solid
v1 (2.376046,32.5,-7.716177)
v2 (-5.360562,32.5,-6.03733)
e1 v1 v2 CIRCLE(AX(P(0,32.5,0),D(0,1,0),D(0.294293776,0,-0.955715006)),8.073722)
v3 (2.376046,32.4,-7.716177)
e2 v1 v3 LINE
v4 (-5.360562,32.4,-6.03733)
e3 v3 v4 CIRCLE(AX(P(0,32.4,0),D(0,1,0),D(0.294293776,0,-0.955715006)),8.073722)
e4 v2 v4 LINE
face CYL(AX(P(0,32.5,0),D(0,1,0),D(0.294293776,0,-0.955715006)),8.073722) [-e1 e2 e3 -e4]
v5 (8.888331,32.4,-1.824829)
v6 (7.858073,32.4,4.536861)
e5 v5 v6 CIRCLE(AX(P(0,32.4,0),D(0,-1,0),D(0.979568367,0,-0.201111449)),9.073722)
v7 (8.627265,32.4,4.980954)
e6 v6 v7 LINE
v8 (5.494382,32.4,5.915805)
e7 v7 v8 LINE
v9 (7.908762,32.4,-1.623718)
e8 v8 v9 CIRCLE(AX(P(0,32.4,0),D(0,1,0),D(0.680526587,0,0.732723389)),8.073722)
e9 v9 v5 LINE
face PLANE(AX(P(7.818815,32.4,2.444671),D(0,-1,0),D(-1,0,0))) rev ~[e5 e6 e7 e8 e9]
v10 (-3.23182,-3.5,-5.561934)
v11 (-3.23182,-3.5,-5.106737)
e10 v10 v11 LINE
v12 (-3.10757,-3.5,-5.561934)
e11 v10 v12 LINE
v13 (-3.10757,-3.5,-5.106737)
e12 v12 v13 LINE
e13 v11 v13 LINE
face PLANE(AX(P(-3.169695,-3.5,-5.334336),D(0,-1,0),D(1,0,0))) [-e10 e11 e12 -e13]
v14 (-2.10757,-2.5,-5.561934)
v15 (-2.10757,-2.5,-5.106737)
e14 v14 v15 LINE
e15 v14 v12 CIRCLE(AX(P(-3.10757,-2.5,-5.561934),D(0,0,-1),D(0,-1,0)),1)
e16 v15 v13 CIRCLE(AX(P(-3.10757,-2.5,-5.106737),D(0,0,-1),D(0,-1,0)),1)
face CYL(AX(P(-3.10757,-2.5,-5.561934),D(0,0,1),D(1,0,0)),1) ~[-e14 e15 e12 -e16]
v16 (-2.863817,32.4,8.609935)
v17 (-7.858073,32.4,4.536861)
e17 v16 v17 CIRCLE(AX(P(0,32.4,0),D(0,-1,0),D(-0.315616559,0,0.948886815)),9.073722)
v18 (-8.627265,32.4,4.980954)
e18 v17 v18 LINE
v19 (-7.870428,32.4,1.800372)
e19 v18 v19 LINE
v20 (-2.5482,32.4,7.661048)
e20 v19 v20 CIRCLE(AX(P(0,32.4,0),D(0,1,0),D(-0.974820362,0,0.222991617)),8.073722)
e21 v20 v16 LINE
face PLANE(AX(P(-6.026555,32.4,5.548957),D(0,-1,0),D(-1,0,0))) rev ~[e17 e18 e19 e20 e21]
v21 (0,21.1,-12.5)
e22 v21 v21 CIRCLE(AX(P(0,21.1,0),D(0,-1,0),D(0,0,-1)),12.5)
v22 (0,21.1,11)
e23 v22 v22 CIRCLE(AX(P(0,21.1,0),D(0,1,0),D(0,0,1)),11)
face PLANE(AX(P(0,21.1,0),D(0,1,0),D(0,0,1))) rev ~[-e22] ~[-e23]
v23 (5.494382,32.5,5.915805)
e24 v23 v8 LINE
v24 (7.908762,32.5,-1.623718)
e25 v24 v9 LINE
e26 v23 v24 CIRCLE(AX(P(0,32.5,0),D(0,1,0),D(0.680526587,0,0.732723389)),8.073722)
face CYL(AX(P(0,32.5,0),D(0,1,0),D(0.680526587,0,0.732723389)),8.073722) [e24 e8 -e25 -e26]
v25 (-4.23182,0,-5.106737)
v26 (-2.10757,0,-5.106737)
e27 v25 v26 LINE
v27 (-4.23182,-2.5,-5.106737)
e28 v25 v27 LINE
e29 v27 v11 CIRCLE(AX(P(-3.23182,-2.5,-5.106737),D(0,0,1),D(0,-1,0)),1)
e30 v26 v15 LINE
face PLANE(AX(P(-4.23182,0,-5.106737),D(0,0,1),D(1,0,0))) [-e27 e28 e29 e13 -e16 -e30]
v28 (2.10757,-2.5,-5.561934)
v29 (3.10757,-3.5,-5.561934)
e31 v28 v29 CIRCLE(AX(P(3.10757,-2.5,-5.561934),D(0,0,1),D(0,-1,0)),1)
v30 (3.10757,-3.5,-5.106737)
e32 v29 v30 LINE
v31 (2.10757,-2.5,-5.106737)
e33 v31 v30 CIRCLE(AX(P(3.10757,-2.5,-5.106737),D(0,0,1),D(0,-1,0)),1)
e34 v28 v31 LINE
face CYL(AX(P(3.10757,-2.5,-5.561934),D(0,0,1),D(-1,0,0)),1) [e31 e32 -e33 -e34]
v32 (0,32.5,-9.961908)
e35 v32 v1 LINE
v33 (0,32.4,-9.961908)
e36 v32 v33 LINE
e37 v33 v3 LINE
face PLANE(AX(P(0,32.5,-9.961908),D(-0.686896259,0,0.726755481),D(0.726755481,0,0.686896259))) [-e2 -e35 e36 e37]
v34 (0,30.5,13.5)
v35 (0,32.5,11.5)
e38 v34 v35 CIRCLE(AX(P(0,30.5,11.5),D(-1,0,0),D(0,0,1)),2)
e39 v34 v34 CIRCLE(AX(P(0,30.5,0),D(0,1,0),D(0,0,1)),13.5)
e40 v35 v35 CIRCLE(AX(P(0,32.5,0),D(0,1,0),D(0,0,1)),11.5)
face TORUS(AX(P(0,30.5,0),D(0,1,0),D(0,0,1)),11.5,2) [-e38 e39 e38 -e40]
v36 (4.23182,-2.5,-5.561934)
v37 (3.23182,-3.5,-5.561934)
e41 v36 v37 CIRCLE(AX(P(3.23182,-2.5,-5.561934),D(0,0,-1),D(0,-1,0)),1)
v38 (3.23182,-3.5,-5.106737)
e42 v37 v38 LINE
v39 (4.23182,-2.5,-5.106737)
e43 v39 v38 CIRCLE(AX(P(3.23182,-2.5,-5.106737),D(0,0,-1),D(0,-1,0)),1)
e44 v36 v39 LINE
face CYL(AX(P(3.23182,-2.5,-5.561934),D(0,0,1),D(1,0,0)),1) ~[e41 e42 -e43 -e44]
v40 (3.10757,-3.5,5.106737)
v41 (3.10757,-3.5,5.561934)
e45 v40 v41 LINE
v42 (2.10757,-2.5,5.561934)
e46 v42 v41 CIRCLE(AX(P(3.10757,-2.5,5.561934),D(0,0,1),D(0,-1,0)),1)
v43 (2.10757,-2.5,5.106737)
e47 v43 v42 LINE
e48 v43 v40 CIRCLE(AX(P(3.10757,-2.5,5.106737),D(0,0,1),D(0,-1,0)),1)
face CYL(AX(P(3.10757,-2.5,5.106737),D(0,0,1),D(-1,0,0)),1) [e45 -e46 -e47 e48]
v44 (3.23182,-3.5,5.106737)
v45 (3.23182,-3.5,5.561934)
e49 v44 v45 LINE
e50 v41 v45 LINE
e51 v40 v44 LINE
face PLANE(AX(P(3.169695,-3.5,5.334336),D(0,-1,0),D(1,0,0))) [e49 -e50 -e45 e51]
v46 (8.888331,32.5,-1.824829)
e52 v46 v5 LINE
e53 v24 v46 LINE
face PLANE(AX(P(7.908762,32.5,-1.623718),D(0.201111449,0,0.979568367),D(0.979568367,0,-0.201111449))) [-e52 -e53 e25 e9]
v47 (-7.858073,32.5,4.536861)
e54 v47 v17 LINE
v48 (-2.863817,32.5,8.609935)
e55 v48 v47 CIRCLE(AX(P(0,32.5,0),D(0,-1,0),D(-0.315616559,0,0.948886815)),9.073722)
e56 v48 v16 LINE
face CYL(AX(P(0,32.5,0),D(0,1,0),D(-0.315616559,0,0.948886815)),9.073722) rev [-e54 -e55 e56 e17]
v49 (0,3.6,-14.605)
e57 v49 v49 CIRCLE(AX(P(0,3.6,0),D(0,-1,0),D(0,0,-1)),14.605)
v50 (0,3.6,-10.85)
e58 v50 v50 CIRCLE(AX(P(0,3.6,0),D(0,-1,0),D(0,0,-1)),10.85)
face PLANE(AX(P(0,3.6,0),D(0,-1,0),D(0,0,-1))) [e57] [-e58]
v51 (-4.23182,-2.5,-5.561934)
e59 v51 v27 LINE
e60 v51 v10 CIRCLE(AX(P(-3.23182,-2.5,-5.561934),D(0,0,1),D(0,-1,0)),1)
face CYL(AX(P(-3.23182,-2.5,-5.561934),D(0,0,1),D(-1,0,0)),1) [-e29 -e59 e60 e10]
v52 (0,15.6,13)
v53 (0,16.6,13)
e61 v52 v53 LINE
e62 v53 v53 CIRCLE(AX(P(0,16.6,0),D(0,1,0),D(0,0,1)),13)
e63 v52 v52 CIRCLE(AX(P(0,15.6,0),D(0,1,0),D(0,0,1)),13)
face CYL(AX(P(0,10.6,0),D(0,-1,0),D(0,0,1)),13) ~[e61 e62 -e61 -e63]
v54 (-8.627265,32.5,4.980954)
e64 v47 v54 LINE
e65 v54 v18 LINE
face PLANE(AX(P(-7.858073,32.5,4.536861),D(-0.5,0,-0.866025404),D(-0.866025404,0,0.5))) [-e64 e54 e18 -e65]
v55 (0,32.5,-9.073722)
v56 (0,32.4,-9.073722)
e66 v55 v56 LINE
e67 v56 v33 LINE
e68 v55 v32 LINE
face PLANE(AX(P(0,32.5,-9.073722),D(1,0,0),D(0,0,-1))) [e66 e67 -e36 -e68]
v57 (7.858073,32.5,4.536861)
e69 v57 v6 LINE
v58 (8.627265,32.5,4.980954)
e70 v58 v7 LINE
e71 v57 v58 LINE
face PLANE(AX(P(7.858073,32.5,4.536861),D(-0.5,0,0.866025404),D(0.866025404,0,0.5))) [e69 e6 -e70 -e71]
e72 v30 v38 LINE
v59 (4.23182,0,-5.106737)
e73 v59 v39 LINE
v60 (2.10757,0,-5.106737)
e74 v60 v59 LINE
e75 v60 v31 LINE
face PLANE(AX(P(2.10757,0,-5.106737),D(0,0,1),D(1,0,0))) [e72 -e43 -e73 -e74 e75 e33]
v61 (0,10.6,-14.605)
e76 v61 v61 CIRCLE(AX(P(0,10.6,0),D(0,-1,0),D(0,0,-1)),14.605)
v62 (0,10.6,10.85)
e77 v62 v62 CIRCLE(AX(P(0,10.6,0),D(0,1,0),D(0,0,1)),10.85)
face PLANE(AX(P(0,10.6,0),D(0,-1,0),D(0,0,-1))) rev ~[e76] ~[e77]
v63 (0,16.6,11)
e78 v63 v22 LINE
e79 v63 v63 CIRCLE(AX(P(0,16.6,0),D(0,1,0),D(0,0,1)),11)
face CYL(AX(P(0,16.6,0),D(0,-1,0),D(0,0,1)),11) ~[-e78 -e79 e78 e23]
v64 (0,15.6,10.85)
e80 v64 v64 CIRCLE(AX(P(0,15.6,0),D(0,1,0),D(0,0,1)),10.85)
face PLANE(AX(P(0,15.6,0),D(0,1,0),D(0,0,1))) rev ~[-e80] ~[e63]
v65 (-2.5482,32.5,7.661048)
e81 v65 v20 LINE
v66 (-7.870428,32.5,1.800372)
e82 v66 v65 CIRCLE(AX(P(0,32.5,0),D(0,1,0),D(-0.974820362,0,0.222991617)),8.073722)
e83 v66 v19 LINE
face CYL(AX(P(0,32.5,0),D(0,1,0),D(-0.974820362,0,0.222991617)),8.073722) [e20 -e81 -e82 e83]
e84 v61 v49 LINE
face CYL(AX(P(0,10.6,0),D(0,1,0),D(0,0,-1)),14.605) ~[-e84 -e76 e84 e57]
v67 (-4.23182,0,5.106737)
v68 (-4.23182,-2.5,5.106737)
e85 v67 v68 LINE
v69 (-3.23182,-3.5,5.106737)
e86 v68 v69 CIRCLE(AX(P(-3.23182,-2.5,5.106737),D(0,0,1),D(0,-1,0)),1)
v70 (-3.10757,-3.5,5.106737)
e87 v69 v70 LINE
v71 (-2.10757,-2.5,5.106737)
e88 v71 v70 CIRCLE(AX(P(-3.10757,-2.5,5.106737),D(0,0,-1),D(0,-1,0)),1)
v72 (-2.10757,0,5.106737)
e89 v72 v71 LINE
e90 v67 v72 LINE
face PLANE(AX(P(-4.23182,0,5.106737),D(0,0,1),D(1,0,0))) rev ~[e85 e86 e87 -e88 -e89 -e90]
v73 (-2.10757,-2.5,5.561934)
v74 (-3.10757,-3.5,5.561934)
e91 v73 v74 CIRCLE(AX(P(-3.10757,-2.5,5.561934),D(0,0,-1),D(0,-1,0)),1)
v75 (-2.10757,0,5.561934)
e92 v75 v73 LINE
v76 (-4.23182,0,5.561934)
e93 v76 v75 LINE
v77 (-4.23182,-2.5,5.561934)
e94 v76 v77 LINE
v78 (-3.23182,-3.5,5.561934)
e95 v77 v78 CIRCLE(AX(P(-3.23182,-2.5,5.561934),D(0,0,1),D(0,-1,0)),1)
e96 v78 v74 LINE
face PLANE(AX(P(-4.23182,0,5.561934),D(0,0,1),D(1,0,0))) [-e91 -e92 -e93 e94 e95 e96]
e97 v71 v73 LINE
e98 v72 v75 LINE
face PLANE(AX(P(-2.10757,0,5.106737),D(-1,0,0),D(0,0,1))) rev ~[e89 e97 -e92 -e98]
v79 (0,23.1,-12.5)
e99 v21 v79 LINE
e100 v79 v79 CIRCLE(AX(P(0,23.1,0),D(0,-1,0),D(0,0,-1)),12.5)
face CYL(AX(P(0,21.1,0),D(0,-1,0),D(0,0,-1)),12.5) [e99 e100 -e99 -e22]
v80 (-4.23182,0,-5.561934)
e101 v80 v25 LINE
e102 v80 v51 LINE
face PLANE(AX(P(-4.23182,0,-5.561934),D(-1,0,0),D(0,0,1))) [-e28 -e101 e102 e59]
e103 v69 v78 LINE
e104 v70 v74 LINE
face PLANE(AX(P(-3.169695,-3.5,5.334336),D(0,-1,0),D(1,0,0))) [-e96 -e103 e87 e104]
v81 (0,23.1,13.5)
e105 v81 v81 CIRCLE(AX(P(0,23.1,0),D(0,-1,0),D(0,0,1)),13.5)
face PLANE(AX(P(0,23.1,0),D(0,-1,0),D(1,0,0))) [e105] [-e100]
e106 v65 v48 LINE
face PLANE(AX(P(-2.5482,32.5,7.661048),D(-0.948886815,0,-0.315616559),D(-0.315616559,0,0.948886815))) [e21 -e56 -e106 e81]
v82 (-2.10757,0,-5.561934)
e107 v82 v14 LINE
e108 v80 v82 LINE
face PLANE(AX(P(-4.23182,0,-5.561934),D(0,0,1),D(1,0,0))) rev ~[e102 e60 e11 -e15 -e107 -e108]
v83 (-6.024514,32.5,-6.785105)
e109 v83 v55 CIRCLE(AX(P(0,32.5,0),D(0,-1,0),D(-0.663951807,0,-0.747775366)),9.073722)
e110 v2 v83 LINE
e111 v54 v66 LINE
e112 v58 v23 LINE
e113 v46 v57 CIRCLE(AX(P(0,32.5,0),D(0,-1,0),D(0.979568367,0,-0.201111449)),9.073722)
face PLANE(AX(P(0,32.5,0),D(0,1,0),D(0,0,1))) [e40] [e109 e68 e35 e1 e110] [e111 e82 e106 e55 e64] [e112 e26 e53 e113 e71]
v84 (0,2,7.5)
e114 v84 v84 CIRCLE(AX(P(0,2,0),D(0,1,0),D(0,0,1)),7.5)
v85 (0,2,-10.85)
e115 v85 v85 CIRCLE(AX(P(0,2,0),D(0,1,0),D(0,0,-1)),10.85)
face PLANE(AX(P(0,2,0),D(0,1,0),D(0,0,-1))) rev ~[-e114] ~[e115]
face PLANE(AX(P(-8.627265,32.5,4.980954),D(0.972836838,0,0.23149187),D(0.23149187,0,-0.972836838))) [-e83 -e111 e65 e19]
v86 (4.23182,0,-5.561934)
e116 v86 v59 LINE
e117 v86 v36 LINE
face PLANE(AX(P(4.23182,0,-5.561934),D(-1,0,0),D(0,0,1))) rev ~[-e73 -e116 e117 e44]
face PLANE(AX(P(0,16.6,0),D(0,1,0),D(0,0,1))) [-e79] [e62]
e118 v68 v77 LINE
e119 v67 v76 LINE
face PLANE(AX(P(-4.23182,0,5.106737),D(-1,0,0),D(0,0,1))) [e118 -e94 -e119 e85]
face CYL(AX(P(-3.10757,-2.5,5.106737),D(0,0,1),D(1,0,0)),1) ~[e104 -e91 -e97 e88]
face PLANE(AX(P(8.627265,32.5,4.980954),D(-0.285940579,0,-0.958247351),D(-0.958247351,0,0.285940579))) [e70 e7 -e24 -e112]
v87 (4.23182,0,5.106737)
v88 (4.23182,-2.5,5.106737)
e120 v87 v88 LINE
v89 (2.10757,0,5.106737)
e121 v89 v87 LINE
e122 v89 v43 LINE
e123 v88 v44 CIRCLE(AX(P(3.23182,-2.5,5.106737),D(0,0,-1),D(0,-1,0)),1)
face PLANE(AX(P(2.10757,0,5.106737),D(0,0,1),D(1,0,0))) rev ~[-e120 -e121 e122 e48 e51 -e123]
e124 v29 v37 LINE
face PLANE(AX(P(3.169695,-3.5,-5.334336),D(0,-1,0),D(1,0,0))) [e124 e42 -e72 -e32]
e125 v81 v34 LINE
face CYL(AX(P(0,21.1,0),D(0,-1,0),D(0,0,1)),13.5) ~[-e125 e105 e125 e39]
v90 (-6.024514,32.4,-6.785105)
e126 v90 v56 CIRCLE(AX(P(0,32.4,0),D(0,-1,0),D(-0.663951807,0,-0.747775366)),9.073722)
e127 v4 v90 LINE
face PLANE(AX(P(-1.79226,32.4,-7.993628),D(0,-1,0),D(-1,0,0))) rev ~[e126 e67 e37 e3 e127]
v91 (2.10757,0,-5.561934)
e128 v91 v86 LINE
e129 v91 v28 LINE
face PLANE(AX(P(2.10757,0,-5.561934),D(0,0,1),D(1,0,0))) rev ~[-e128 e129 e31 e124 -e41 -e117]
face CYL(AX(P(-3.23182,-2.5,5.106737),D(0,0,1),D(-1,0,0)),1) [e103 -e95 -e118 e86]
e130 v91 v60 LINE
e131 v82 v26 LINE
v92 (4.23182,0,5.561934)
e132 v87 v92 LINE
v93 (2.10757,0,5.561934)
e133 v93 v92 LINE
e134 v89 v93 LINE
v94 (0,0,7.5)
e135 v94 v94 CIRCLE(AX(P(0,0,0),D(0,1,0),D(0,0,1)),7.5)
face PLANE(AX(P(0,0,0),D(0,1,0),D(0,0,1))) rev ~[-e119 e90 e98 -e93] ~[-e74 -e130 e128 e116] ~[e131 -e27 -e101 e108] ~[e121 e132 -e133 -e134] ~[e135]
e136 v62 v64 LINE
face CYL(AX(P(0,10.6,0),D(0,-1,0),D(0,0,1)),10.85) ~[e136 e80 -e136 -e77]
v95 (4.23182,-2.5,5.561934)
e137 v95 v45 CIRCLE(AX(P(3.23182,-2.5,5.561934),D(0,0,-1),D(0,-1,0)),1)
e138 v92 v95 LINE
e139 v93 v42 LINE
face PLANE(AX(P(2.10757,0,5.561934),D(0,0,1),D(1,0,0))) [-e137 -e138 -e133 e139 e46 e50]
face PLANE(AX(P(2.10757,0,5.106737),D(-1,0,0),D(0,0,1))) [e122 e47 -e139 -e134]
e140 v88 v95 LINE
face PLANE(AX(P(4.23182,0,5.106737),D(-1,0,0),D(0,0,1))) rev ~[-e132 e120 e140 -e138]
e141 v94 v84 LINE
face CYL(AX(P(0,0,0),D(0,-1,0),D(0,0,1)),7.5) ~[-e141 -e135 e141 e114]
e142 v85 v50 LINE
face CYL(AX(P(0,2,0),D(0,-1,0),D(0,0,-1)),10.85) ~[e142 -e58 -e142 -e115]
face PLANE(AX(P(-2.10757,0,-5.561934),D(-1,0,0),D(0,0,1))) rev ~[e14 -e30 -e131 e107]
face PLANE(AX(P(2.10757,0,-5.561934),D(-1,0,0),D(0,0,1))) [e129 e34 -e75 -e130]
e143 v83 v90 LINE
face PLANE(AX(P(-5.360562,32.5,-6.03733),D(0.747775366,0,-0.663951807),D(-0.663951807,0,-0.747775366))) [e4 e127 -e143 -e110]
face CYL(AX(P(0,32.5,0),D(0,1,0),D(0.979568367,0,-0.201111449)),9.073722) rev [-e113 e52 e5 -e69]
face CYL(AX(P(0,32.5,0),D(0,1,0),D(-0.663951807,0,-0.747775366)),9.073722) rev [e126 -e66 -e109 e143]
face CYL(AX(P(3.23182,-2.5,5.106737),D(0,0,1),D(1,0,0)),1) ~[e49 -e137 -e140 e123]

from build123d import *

# Parameters (mm, degrees)
SKETCH_1_R          = 7.5
EXTRUDE_1_DEPTH     = 2
SKETCH_2_W          = 2.124250946
SKETCH_2_H          = 0.455196631
EXTRUDE_2_DEPTH     = 3.5
FILLET_1_R          = 1
SKETCH_4_R          = 10.85
EXTRUDE_3_DEPTH     = 8.6
SKETCH_5_R          = 13
EXTRUDE_4_DEPTH     = 6
SKETCH_7_R          = 11
EXTRUDE_6_DEPTH     = 4.5
SKETCH_8_R          = 13.5
EXTRUDE_7_DEPTH     = 11.4
FILLET_5_R          = 2
SKETCH_9_OUTSIDE_W  = 39.496
SKETCH_9_OUTSIDE_H  = 39.496
SKETCH_9_OUTSIDE_R  = 12.5
CUT_EXTRUDE_1_DEPTH = 2
CUT_EXTRUDE_2_DEPTH = 0.1
SKETCH_11_R         = 14.605
EXTRUDE_8_DEPTH     = 7
SKETCH_12_R         = 13
SKETCH_12_R_2       = 10.85
CUT_EXTRUDE_3_DEPTH = 5


with BuildPart() as part:
    # 草图1 → 凸台-拉伸1 (new body)
    with BuildSketch(Plane(origin=(0, 0, 0), x_dir=(1, 0, 0), z_dir=(0, 1, 0))):
        with Locations(Location((0, 0, 0), (0, 0, 270))):
            Circle(SKETCH_1_R)
    extrude(amount=EXTRUDE_1_DEPTH)

    # 草图2 → 凸台-拉伸2 (add)
    with BuildSketch(Plane.XZ):
        with Locations((-3.169695017, 5.334335524)):
            Rectangle(SKETCH_2_W, SKETCH_2_H)
        with Locations((3.169695017, 5.334335524)):
            Rectangle(SKETCH_2_W, SKETCH_2_H)
        with Locations((3.169695017, -5.334335524)):
            Rectangle(SKETCH_2_W, SKETCH_2_H)
        with Locations((-3.169695017, -5.334335524)):
            Rectangle(SKETCH_2_W, SKETCH_2_H)
    extrude(amount=EXTRUDE_2_DEPTH)

    # 圆角1
    fillet_1_edges = [part.edges().sort_by_distance(p)[0] for p in [
        (4.23182049, -3.5, 5.334335524),
        (2.107569544, -3.5, 5.334335524),
        (4.23182049, -3.5, -5.334335524),
        (2.107569544, -3.5, -5.334335524),
        (-4.23182049, -3.5, -5.334335524),
        (-2.107569544, -3.5, -5.334335524),
        (-2.107569544, -3.5, 5.334335524),
        (-4.23182049, -3.5, 5.334335524),
    ]]
    fillet(fillet_1_edges, radius=FILLET_1_R)

    # 草图4 → 凸台-拉伸3 (add)
    with BuildSketch(Plane(origin=(0, 2, 0), x_dir=(1, 0, 0), z_dir=(0, 1, 0))):
        with Locations(Location((0, 0, 0), (0, 0, 90))):
            Circle(SKETCH_4_R)
    extrude(amount=EXTRUDE_3_DEPTH)

    # 草图5 → 凸台-拉伸4 (add)
    with BuildSketch(Plane(origin=(0, 10.6, 0), x_dir=(1, 0, 0), z_dir=(0, 1, 0))):
        with Locations(Location((0, 0, 0), (0, 0, 270))):
            Circle(SKETCH_5_R)
    extrude(amount=EXTRUDE_4_DEPTH)

    # 草图7 → 凸台-拉伸6 (add)
    with BuildSketch(Plane(origin=(0, 16.6, 0), x_dir=(1, 0, 0), z_dir=(0, 1, 0))):
        with Locations(Location((0, 0, 0), (0, 0, 270))):
            Circle(SKETCH_7_R)
    extrude(amount=EXTRUDE_6_DEPTH)

    # 草图8 → 凸台-拉伸7 (add)
    with BuildSketch(Plane(origin=(0, 21.1, 0), x_dir=(1, 0, 0), z_dir=(0, 1, 0))):
        with Locations(Location((0, 0, 0), (0, 0, 270))):
            Circle(SKETCH_8_R)
    extrude(amount=EXTRUDE_7_DEPTH)

    # 圆角5
    fillet_5_edges = [part.edges().sort_by_distance(p)[0] for p in [
        (0, 32.5, -13.5),
    ]]
    fillet(fillet_5_edges, radius=FILLET_5_R)

    # 草图9 outside → 切除-拉伸1 (cut)
    with BuildSketch(Plane.XZ.offset(-21.1)):
        Rectangle(SKETCH_9_OUTSIDE_W, SKETCH_9_OUTSIDE_H)
        with Locations(Location((0, 0, 0), (0, 0, 270))):
            Circle(SKETCH_9_OUTSIDE_R, mode=Mode.SUBTRACT)
    extrude(amount=-CUT_EXTRUDE_1_DEPTH, mode=Mode.SUBTRACT)

    # 草图10 → 切除-拉伸2 (cut)
    with BuildSketch(Plane(origin=(0, 32.5, 0), x_dir=(1, 0, 0), z_dir=(0, 1, 0))):
        with BuildLine():
            Line((0, 9.073721602), (0, 9.961907626))
            Line((0, 9.961907626), (2.376046015, 7.716176893))
            ThreePointArc((2.376046015, 7.716176893), (-1.712152333, 7.890089663), (-5.36056205, 6.037330123))
            Line((-5.36056205, 6.037330123), (-6.024513857, 6.785105489))
            ThreePointArc((-6.024513857, 6.785105489), (-3.222286879, 8.48229279), (0, 9.073721602))
        make_face()
        with BuildLine():
            Line((8.627265074, -4.980953813), (5.494382202, -5.915804656))
            ThreePointArc((5.494382202, -5.915804656), (7.689094253, -2.462277416), (7.908762283, 1.623717852))
            Line((7.908762283, 1.623717852), (8.888330649, 1.824829301))
            ThreePointArc((8.888330649, 1.824829301), (8.957024478, -1.450564099), (7.858073414, -4.536860801))
            Line((7.858073414, -4.536860801), (8.627265074, -4.980953813))
        make_face()
        with BuildLine():
            Line((-8.627265074, -4.980953813), (-7.870428217, -1.800372237))
            ThreePointArc((-7.870428217, -1.800372237), (-5.97694192, -5.427812247), (-2.548200233, -7.661047975))
            Line((-2.548200233, -7.661047975), (-2.863816792, -8.60993479))
            ThreePointArc((-2.863816792, -8.60993479), (-5.734737599, -7.031728691), (-7.858073414, -4.536860801))
            Line((-7.858073414, -4.536860801), (-8.627265074, -4.980953813))
        make_face()
    extrude(amount=-CUT_EXTRUDE_2_DEPTH, mode=Mode.SUBTRACT)

    # 草图11 → 凸台-拉伸8 (add)
    with BuildSketch(Plane.XZ.offset(-10.6)):
        with Locations(Location((0, 0, 0), (0, 0, 270))):
            Circle(SKETCH_11_R)
    extrude(amount=EXTRUDE_8_DEPTH)

    # 草图12 → 切除-拉伸3 (cut)
    with BuildSketch(Plane(origin=(0, 10.6, 0), x_dir=(1, 0, 0), z_dir=(0, 1, 0))):
        with Locations(Location((0, 0, 0), (0, 0, 270))):
            Circle(SKETCH_12_R)
        with Locations(Location((0, 0, 0), (0, 0, 270))):
            Circle(SKETCH_12_R_2, mode=Mode.SUBTRACT)
    extrude(amount=CUT_EXTRUDE_3_DEPTH, mode=Mode.SUBTRACT)


solid = part.part
